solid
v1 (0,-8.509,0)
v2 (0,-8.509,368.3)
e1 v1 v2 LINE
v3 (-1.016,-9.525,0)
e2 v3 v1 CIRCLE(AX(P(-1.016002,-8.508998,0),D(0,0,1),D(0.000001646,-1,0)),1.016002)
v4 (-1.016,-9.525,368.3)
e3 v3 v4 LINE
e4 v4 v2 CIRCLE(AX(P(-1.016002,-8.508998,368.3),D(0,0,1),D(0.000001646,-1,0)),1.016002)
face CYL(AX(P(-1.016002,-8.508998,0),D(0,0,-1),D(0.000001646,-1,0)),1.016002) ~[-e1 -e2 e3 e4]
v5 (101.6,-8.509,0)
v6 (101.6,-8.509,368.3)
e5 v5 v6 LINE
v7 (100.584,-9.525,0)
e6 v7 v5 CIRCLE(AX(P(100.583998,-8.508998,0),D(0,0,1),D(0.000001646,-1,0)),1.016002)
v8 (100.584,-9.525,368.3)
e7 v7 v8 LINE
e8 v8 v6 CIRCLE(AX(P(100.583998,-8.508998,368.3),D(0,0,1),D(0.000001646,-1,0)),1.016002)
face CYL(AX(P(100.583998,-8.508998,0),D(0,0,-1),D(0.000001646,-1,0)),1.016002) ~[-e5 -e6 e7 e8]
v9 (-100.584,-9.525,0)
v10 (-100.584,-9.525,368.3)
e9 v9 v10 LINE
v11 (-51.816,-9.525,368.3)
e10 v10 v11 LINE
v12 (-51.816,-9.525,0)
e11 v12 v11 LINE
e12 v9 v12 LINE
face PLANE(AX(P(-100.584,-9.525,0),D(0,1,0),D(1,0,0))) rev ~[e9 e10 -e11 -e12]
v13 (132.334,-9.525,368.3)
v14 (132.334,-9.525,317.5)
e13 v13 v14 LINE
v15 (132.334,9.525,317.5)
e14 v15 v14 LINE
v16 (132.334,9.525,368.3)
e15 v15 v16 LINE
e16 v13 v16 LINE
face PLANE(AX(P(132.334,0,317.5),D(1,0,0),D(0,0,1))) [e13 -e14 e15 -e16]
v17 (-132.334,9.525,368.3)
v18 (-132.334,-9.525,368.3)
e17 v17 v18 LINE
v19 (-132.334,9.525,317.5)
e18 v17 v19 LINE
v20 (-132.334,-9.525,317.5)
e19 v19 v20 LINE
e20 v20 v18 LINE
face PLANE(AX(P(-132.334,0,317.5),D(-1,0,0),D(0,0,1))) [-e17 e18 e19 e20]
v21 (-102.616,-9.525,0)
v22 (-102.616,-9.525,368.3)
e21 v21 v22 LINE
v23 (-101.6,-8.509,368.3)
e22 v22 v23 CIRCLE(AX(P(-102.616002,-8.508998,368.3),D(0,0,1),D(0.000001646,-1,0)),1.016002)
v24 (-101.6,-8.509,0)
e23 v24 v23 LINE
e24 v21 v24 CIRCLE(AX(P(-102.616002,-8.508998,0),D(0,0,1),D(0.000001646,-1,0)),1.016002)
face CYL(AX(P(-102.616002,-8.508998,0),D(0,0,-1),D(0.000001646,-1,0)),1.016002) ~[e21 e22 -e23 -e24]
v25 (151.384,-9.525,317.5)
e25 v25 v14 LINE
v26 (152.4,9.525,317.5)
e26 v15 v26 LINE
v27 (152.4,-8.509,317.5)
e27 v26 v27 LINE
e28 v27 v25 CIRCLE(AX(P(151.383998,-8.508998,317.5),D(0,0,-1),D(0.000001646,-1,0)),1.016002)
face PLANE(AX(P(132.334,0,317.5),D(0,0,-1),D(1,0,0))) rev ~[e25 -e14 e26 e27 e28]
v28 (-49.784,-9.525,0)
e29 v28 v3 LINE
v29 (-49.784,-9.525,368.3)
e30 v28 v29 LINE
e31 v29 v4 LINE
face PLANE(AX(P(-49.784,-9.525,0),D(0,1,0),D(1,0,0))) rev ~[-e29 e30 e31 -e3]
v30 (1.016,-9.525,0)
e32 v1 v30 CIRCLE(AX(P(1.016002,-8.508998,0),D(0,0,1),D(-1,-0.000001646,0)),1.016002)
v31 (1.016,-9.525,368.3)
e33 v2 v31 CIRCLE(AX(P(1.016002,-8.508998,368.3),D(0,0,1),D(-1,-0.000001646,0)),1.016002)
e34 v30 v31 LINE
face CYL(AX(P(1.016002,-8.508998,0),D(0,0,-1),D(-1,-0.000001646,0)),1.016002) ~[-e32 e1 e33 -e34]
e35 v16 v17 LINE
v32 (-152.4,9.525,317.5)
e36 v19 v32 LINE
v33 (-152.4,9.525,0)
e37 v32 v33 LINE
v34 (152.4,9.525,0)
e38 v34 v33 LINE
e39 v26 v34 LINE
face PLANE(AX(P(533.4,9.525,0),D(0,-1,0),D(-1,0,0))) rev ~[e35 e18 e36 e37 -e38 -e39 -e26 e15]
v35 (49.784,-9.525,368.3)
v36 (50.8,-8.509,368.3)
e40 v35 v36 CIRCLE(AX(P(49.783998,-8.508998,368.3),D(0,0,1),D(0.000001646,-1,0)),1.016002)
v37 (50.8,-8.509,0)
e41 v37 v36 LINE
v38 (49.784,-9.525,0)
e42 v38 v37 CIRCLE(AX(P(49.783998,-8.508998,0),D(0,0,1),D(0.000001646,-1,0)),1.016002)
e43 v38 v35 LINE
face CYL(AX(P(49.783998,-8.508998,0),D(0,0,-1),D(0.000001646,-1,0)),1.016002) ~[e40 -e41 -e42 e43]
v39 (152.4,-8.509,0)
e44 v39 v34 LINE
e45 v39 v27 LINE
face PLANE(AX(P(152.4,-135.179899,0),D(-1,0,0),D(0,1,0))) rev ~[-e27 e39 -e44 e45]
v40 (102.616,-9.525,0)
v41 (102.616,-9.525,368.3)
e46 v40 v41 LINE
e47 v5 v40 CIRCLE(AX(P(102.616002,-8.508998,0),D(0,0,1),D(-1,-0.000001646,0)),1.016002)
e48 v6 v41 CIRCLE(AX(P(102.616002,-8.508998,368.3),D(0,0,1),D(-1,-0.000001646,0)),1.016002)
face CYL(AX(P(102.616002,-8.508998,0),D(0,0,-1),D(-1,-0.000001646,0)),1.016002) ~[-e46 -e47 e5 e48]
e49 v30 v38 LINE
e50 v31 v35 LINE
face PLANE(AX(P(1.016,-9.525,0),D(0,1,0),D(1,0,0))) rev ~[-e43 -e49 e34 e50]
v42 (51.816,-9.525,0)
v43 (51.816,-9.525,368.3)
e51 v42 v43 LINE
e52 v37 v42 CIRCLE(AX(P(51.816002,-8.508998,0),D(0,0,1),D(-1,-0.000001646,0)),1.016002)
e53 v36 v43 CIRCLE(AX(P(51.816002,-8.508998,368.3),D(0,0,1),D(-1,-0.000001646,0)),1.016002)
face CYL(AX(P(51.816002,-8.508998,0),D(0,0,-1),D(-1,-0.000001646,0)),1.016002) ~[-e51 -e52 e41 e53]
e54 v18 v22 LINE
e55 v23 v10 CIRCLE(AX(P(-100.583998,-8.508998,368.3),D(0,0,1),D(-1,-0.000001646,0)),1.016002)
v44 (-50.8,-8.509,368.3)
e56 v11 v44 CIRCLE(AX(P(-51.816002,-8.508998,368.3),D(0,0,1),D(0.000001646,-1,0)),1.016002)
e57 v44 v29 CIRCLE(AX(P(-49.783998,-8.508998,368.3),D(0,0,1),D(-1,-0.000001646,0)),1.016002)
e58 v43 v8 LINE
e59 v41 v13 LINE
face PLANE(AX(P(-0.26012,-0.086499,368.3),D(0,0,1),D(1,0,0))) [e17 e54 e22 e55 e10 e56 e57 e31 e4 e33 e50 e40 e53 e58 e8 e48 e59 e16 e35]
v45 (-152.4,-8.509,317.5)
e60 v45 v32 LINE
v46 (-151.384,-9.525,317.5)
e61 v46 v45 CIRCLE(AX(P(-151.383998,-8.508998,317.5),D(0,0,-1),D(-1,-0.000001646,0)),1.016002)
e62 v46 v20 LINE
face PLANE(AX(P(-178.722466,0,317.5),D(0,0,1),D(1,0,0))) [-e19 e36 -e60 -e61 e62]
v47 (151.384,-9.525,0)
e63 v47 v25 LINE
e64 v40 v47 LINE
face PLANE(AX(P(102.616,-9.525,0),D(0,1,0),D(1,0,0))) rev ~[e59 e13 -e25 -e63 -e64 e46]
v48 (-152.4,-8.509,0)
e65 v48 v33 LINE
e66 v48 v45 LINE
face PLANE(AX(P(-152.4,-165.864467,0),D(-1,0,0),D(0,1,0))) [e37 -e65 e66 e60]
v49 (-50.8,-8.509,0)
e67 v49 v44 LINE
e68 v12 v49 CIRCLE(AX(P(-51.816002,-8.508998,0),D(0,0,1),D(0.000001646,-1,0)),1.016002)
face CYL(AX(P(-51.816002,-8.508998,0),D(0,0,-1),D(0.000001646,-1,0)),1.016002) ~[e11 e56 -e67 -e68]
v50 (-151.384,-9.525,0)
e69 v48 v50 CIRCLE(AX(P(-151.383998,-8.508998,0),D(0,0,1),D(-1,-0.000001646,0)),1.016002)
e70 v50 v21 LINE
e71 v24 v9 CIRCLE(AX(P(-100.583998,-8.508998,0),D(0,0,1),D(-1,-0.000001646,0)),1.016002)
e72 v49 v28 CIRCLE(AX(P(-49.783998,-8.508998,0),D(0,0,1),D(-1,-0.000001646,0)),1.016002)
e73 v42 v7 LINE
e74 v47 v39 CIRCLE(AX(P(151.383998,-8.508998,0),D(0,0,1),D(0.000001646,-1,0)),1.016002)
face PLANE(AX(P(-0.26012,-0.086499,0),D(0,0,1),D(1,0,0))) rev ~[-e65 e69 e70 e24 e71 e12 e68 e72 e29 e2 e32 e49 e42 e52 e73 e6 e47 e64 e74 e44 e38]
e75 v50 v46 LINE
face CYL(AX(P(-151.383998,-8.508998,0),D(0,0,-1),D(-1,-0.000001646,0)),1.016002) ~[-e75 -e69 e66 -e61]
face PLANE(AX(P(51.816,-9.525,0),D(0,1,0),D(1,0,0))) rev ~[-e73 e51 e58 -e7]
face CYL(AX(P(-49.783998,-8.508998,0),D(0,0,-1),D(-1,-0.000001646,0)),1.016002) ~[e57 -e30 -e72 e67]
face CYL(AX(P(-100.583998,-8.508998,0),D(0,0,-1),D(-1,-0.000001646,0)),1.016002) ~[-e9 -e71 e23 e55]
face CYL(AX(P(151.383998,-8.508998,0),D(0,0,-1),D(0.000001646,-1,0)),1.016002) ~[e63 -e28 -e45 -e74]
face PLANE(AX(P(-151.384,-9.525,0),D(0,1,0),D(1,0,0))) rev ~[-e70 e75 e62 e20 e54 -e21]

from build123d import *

# Parameters (mm, degrees)
F1_DEPTH = 368.3
F2_W     = 452.085844
F2_H     = 300.708675
F2_W_2   = 450.040182
F2_H_2   = 272.069744
F3_DEPTH = 381
F4_W     = 46.388466
F4_H     = 111.5514
F4_W_2   = 66.730906
F4_H_2   = 130.886974
F5_DEPTH = 12.7


with BuildPart() as f1:
    # F0 (on Top) → F1 (new body)
    with BuildSketch(Plane.XY):
        with BuildLine():
            Line((458.216, -9.525), (533.4, -9.525))
            Line((533.4, -9.525), (533.4, 9.525))
            Line((533.4, 9.525), (-533.4, 9.525))
            Line((-533.4, 9.525), (-533.4, -9.525))
            Line((-533.4, -9.525), (-509.016, -9.525))
            ThreePointArc((-509.016, -9.525), (-508.29758, -9.22742), (-508, -8.509))
            ThreePointArc((-508, -8.509), (-507.70242, -9.22742), (-506.984, -9.525))
            Line((-506.984, -9.525), (-458.216, -9.525))
            ThreePointArc((-458.216, -9.525), (-457.49758, -9.22742), (-457.2, -8.509))
            ThreePointArc((-457.2, -8.509), (-456.90242, -9.22742), (-456.184, -9.525))
            Line((-456.184, -9.525), (-407.416, -9.525))
            ThreePointArc((-407.416, -9.525), (-406.69758, -9.22742), (-406.4, -8.509))
            ThreePointArc((-406.4, -8.509), (-406.10242, -9.22742), (-405.384, -9.525))
            Line((-405.384, -9.525), (-356.616, -9.525))
            ThreePointArc((-356.616, -9.525), (-355.89758, -9.22742), (-355.6, -8.509))
            ThreePointArc((-355.6, -8.509), (-355.30242, -9.22742), (-354.584, -9.525))
            Line((-354.584, -9.525), (-305.816, -9.525))
            ThreePointArc((-305.816, -9.525), (-305.09758, -9.22742), (-304.8, -8.509))
            ThreePointArc((-304.8, -8.509), (-304.50242, -9.22742), (-303.784, -9.525))
            Line((-303.784, -9.525), (-255.016, -9.525))
            ThreePointArc((-255.016, -9.525), (-254.29758, -9.22742), (-254, -8.509))
            ThreePointArc((-254, -8.509), (-253.70242, -9.22742), (-252.984, -9.525))
            Line((-252.984, -9.525), (-204.216, -9.525))
            ThreePointArc((-204.216, -9.525), (-203.49758, -9.22742), (-203.2, -8.509))
            ThreePointArc((-203.2, -8.509), (-202.90242, -9.22742), (-202.184, -9.525))
            Line((-202.184, -9.525), (-153.416, -9.525))
            ThreePointArc((-153.416, -9.525), (-152.69758, -9.22742), (-152.4, -8.509))
            ThreePointArc((-152.4, -8.509), (-152.10242, -9.22742), (-151.384, -9.525))
            Line((-151.384, -9.525), (-102.616, -9.525))
            ThreePointArc((-102.616, -9.525), (-101.89758, -9.22742), (-101.6, -8.509))
            ThreePointArc((-101.6, -8.509), (-101.30242, -9.22742), (-100.584, -9.525))
            Line((-100.584, -9.525), (-51.816, -9.525))
            ThreePointArc((-51.816, -9.525), (-51.09758, -9.22742), (-50.8, -8.509))
            ThreePointArc((-50.8, -8.509), (-50.50242, -9.22742), (-49.784, -9.525))
            Line((-49.784, -9.525), (-1.016, -9.525))
            ThreePointArc((-1.016, -9.525), (-0.29758, -9.22742), (0, -8.509))
            ThreePointArc((0, -8.509), (0.29758, -9.22742), (1.016, -9.525))
            Line((1.016, -9.525), (49.784, -9.525))
            ThreePointArc((49.784, -9.525), (50.50242, -9.22742), (50.8, -8.509))
            ThreePointArc((50.8, -8.509), (51.09758, -9.22742), (51.816, -9.525))
            Line((51.816, -9.525), (100.584, -9.525))
            ThreePointArc((100.584, -9.525), (101.30242, -9.22742), (101.6, -8.509))
            ThreePointArc((101.6, -8.509), (101.89758, -9.22742), (102.616, -9.525))
            Line((102.616, -9.525), (151.384, -9.525))
            ThreePointArc((151.384, -9.525), (152.10242, -9.22742), (152.4, -8.509))
            ThreePointArc((152.4, -8.509), (152.69758, -9.22742), (153.416, -9.525))
            Line((153.416, -9.525), (202.184, -9.525))
            ThreePointArc((202.184, -9.525), (202.90242, -9.22742), (203.2, -8.509))
            ThreePointArc((203.2, -8.509), (203.49758, -9.22742), (204.216, -9.525))
            Line((204.216, -9.525), (252.984, -9.525))
            ThreePointArc((252.984, -9.525), (253.70242, -9.22742), (254, -8.509))
            ThreePointArc((254, -8.509), (254.29758, -9.22742), (255.016, -9.525))
            Line((255.016, -9.525), (303.784, -9.525))
            ThreePointArc((303.784, -9.525), (304.50242, -9.22742), (304.8, -8.509))
            ThreePointArc((304.8, -8.509), (305.09758, -9.22742), (305.816, -9.525))
            Line((305.816, -9.525), (354.584, -9.525))
            ThreePointArc((354.584, -9.525), (355.30242, -9.22742), (355.6, -8.509))
            ThreePointArc((355.6, -8.509), (355.89758, -9.22742), (356.616, -9.525))
            Line((356.616, -9.525), (405.384, -9.525))
            ThreePointArc((405.384, -9.525), (406.10242, -9.22742), (406.4, -8.509))
            ThreePointArc((406.4, -8.509), (406.69758, -9.22742), (407.416, -9.525))
            Line((407.416, -9.525), (456.184, -9.525))
            ThreePointArc((456.184, -9.525), (456.90242, -9.22742), (457.2, -8.509))
            ThreePointArc((457.2, -8.509), (457.49758, -9.22742), (458.216, -9.525))
        make_face()
        with BuildLine():
            ThreePointArc((-508, -8.509), (-508.29758, -9.22742), (-509.016, -9.525))
            Line((-509.016, -9.525), (-506.984, -9.525))
            ThreePointArc((-506.984, -9.525), (-507.70242, -9.22742), (-508, -8.509))
        make_face()
    extrude(amount=F1_DEPTH)

    # F2 (on Top) → F3 (cut)
    with BuildSketch(Plane.XY):
        with Locations((-378.442922, -15.51013)):
            Rectangle(F2_W, F2_H)
        with Locations((377.420091, 0.854973)):
            Rectangle(F2_W_2, F2_H_2)
    extrude(amount=F3_DEPTH, mode=Mode.SUBTRACT)

    # F4 (on Front) → F5 (cut, symmetric)
    with BuildSketch(Plane.XZ):
        with Locations((-155.528233, 373.2757)):
            Rectangle(F4_W, F4_H)
        with Locations((165.699453, 382.943487)):
            Rectangle(F4_W_2, F4_H_2)
    extrude(amount=F5_DEPTH, both=True, mode=Mode.SUBTRACT)


solid = f1.part
